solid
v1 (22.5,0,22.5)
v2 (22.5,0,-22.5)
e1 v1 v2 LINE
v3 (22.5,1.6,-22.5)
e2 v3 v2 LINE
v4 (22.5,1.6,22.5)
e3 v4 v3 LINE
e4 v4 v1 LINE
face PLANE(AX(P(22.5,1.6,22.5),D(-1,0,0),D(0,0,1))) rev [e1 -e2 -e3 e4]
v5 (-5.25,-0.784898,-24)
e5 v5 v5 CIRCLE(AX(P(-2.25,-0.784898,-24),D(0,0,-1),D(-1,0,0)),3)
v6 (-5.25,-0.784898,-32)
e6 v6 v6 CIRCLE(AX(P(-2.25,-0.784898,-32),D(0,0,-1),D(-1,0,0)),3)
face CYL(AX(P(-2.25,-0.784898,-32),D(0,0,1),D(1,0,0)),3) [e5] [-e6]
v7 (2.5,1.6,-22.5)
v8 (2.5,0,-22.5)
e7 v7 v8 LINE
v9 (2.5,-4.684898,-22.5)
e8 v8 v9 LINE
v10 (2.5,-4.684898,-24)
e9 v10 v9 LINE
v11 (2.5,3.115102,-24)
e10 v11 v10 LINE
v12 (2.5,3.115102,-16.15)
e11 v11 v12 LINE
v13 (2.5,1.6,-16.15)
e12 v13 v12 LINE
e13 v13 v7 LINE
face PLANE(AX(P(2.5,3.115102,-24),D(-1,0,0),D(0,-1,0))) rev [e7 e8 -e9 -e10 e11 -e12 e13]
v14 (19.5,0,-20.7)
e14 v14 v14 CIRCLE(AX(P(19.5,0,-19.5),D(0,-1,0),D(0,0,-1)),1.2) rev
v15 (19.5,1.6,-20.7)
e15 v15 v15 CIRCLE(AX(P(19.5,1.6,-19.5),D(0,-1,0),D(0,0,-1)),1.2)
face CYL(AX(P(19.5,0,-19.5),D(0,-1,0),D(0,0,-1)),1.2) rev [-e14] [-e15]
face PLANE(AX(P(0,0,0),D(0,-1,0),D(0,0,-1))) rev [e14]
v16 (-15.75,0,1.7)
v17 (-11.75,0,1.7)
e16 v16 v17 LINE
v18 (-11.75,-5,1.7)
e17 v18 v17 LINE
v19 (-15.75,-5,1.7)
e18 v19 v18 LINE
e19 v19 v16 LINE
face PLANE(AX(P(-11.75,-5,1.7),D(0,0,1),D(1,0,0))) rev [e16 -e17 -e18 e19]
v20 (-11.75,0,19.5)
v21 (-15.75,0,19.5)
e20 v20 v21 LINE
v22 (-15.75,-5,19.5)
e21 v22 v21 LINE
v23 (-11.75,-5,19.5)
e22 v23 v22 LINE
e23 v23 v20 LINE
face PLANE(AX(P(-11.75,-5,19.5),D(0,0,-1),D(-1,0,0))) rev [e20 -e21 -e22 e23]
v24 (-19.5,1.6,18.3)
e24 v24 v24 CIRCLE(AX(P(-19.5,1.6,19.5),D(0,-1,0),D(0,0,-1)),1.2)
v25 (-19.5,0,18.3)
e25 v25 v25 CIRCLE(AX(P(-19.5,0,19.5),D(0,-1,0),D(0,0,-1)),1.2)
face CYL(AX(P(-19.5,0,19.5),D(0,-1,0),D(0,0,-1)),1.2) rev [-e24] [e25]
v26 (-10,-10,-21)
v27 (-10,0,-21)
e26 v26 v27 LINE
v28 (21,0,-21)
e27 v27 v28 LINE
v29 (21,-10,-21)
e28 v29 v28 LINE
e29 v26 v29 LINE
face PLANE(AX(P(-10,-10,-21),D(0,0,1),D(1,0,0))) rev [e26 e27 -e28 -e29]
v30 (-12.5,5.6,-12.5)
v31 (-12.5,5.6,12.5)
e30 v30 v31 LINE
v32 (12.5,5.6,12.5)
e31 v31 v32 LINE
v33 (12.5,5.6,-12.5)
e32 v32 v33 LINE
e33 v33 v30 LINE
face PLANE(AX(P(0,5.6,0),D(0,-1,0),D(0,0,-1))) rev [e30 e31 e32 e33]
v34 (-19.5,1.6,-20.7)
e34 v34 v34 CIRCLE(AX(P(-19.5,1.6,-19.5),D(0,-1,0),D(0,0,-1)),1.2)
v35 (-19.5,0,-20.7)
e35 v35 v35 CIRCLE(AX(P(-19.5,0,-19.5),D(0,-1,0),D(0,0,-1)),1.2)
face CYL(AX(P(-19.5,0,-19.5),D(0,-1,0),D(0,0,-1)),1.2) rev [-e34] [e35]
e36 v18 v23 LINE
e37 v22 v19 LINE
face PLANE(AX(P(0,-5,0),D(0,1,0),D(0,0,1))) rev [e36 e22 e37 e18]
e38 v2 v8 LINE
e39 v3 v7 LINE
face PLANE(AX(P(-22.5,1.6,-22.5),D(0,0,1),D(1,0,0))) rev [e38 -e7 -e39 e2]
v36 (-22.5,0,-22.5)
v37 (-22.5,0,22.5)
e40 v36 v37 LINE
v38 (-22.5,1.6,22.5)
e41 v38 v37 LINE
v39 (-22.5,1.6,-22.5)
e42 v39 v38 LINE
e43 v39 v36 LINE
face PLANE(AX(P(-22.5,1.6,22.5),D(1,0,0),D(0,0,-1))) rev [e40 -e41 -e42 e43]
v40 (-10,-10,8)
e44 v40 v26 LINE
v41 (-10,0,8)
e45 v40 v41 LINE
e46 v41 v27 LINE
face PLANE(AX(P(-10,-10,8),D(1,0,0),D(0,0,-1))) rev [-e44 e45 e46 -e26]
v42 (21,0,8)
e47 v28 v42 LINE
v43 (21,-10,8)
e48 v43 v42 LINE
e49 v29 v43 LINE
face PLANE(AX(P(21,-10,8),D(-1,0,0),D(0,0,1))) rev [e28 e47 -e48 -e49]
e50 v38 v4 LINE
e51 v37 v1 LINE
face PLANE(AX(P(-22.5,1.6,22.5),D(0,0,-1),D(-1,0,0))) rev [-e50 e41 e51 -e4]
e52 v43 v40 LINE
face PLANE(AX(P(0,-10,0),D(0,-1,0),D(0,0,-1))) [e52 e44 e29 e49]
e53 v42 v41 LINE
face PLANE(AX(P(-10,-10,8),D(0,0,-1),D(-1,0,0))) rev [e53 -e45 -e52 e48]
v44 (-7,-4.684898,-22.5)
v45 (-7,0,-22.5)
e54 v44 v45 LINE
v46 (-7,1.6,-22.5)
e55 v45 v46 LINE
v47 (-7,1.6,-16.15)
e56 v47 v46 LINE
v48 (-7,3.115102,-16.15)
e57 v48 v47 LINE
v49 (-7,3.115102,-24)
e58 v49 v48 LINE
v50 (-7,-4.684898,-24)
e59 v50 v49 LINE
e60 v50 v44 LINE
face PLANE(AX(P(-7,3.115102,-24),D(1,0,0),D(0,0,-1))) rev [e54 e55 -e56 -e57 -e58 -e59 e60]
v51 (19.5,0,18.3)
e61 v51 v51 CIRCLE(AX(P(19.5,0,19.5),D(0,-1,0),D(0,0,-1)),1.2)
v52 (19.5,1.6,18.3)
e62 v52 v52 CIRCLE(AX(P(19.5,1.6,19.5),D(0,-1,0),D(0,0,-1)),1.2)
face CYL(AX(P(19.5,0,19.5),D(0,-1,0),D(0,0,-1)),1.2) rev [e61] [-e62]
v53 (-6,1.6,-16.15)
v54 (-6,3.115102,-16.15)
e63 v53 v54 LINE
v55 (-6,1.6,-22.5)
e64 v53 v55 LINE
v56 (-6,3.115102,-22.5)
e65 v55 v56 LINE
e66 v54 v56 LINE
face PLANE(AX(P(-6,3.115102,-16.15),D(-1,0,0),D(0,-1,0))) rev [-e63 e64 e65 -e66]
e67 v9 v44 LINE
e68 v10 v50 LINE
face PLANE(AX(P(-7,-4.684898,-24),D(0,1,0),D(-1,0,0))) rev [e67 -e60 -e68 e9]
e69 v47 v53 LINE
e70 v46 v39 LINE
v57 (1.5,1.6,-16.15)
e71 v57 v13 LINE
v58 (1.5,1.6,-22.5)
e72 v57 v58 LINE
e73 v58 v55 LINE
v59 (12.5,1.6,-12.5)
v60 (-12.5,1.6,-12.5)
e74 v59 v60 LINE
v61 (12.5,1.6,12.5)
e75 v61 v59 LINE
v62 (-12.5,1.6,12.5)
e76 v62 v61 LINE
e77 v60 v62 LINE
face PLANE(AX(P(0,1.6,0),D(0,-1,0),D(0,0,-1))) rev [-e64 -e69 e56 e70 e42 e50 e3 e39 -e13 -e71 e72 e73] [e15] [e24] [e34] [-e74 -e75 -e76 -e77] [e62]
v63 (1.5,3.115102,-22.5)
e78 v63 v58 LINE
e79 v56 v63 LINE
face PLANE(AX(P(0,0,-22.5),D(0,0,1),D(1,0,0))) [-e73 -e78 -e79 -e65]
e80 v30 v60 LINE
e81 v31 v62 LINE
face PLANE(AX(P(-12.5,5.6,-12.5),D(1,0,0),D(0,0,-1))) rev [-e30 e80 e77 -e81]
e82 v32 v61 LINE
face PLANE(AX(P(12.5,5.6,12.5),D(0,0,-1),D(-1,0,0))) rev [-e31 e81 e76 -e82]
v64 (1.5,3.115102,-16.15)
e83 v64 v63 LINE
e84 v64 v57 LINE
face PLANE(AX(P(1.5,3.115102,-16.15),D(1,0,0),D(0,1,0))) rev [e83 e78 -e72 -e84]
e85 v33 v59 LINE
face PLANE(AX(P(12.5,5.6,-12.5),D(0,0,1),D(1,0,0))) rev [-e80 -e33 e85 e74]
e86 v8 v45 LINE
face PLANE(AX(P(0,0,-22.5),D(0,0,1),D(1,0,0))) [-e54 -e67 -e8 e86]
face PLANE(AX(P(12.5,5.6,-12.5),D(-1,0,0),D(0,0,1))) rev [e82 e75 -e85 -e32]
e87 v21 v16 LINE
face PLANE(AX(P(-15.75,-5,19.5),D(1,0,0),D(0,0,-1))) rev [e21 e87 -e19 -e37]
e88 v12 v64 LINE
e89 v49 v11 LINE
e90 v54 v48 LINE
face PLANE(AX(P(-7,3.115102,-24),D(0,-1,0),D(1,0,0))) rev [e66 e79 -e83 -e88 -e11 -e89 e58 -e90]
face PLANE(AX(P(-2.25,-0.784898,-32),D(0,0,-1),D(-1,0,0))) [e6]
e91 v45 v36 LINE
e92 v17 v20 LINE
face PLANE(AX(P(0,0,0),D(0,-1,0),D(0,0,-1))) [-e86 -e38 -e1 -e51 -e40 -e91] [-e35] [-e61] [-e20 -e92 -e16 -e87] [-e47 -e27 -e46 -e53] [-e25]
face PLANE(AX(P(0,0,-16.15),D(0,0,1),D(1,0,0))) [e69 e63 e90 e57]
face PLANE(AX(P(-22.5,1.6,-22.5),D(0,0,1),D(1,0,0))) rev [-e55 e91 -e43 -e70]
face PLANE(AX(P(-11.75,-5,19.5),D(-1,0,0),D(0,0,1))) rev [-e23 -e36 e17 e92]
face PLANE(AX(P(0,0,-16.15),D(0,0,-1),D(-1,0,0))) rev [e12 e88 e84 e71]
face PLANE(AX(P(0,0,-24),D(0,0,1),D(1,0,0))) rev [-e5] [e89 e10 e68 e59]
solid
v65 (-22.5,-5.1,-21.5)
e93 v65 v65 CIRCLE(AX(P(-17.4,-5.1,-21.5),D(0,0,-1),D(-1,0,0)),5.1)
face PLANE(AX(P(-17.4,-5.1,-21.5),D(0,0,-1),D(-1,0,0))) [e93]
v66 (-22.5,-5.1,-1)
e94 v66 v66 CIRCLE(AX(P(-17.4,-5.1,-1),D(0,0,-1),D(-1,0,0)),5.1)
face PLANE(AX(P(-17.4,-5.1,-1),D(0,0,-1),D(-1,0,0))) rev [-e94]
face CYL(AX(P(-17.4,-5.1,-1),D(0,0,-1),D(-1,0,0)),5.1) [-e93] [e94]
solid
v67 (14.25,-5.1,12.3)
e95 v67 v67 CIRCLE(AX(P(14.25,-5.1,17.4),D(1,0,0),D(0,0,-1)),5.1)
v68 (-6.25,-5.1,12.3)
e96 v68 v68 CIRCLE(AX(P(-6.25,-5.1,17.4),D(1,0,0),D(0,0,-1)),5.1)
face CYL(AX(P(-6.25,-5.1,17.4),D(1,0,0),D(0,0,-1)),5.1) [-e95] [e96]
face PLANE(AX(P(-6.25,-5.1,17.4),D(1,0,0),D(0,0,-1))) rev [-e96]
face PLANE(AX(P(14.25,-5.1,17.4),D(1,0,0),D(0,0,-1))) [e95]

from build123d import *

# Parameters (mm, degrees)
SKETCH1_W                    = 45
SKETCH1_H                    = 45
PCB_DEPTH                    = 1.6
PCB_MOUNTING_HOLES_D         = 2.4
SKETCH4_W                    = 31
SKETCH4_H                    = 29
IRIDIUM_MODEM_DEPTH          = 10
CAPACITOR_START              = -8.25
SKETCH5_R                    = 5.1
CAPACITOR_1_DEPTH            = 20.5
CAPACITOR_START_2            = -1
SKETCH6_R                    = 5.1
CAPACITOR_2_DEPTH            = 20.5
SKETCH7_W                    = 9.5
SKETCH7_H                    = 7.8
BOSS_EXTRUDE5_DEPTH          = 1.5
SKETCH8_R                    = 3
BOSS_EXTRUDE6_DEPTH          = 8
SKETCH9_W                    = 1
SKETCH9_H                    = 1.515102308
BOSS_EXTRUDE7_DEPTH          = 6.35
SKETCH10_W                   = 4
SKETCH10_H                   = 17.8
MOLEX_PICOBLADE_10_POS_DEPTH = 5
SKETCH11_W                   = 25
SKETCH11_H                   = 25
ANTENNA_DEPTH                = 4


with BuildPart() as part:
    # Sketch1 → PCB (new body)
    with BuildSketch(Plane(origin=(0, 0, 0), x_dir=(1, 0, 0), z_dir=(0, 1, 0))):
        Rectangle(SKETCH1_W, SKETCH1_H)
    extrude(amount=PCB_DEPTH)

    # PCB mounting holes (through all)
    with Locations(Plane(origin=(0, 0, 0), x_dir=(-1, 0, 0), z_dir=(0, -1, 0))):
        with Locations((-19.5, -19.5), (19.5, 19.5), (19.5, -19.5), (-19.5, 19.5)):
            Hole(PCB_MOUNTING_HOLES_D / 2)

    # Sketch4 → Iridium Modem (add)
    with BuildSketch(Plane.XZ):
        with Locations((5.5, -6.5)):
            Rectangle(SKETCH4_W, SKETCH4_H)
    extrude(amount=IRIDIUM_MODEM_DEPTH)

    # Sketch7 → Boss-Extrude5 (add)
    with BuildSketch(Plane(origin=(0, 0, -22.5), x_dir=(-1, 0, 0), z_dir=(0, 0, -1))):
        with Locations((2.25, -0.784897692)):
            Rectangle(SKETCH7_W, SKETCH7_H)
    extrude(amount=BOSS_EXTRUDE5_DEPTH)

    # Sketch8 → Boss-Extrude6 (add)
    with BuildSketch(Plane(origin=(0, 0, -24), x_dir=(-1, 0, 0), z_dir=(0, 0, -1))):
        with Locations((2.25, -0.784897692)):
            Circle(SKETCH8_R)
    extrude(amount=BOSS_EXTRUDE6_DEPTH)

    # Sketch9 → Boss-Extrude7 (add)
    with BuildSketch(Plane.XY.offset(-22.5)):
        with Locations((-6.5, 2.357551154)):
            Rectangle(SKETCH9_W, SKETCH9_H)
        with Locations((2, 2.357551154)):
            Rectangle(SKETCH9_W, SKETCH9_H)
    extrude(amount=BOSS_EXTRUDE7_DEPTH)

    # Sketch10 → Molex picoblade 10 pos (add)
    with BuildSketch(Plane.XZ):
        with Locations((-13.75, 10.6)):
            Rectangle(SKETCH10_W, SKETCH10_H)
    extrude(amount=MOLEX_PICOBLADE_10_POS_DEPTH)

    # Sketch11 → Antenna (add)
    with BuildSketch(Plane(origin=(0, 1.6, 0), x_dir=(1, 0, 0), z_dir=(0, 1, 0))):
        Rectangle(SKETCH11_W, SKETCH11_H)
    extrude(amount=ANTENNA_DEPTH)


with BuildPart() as body_2:
    # Sketch5 → Capacitor 1 (new body)
    with BuildSketch(Plane(origin=(22.5, 0, 0), x_dir=(0, 0, -1), z_dir=(1, 0, 0)).offset(CAPACITOR_START)):
        with Locations((-17.4, -5.1)):
            Circle(SKETCH5_R)
    extrude(amount=-CAPACITOR_1_DEPTH)


with BuildPart() as body_3:
    # Sketch6 → Capacitor 2 (new body)
    with BuildSketch(Plane(origin=(0, 0, -22.5), x_dir=(-1, 0, 0), z_dir=(0, 0, -1)).offset(CAPACITOR_START_2)):
        with Locations((17.4, -5.1)):
            Circle(SKETCH6_R)
    extrude(amount=-CAPACITOR_2_DEPTH)


solid = Compound([part.part, body_2.part, body_3.part])
